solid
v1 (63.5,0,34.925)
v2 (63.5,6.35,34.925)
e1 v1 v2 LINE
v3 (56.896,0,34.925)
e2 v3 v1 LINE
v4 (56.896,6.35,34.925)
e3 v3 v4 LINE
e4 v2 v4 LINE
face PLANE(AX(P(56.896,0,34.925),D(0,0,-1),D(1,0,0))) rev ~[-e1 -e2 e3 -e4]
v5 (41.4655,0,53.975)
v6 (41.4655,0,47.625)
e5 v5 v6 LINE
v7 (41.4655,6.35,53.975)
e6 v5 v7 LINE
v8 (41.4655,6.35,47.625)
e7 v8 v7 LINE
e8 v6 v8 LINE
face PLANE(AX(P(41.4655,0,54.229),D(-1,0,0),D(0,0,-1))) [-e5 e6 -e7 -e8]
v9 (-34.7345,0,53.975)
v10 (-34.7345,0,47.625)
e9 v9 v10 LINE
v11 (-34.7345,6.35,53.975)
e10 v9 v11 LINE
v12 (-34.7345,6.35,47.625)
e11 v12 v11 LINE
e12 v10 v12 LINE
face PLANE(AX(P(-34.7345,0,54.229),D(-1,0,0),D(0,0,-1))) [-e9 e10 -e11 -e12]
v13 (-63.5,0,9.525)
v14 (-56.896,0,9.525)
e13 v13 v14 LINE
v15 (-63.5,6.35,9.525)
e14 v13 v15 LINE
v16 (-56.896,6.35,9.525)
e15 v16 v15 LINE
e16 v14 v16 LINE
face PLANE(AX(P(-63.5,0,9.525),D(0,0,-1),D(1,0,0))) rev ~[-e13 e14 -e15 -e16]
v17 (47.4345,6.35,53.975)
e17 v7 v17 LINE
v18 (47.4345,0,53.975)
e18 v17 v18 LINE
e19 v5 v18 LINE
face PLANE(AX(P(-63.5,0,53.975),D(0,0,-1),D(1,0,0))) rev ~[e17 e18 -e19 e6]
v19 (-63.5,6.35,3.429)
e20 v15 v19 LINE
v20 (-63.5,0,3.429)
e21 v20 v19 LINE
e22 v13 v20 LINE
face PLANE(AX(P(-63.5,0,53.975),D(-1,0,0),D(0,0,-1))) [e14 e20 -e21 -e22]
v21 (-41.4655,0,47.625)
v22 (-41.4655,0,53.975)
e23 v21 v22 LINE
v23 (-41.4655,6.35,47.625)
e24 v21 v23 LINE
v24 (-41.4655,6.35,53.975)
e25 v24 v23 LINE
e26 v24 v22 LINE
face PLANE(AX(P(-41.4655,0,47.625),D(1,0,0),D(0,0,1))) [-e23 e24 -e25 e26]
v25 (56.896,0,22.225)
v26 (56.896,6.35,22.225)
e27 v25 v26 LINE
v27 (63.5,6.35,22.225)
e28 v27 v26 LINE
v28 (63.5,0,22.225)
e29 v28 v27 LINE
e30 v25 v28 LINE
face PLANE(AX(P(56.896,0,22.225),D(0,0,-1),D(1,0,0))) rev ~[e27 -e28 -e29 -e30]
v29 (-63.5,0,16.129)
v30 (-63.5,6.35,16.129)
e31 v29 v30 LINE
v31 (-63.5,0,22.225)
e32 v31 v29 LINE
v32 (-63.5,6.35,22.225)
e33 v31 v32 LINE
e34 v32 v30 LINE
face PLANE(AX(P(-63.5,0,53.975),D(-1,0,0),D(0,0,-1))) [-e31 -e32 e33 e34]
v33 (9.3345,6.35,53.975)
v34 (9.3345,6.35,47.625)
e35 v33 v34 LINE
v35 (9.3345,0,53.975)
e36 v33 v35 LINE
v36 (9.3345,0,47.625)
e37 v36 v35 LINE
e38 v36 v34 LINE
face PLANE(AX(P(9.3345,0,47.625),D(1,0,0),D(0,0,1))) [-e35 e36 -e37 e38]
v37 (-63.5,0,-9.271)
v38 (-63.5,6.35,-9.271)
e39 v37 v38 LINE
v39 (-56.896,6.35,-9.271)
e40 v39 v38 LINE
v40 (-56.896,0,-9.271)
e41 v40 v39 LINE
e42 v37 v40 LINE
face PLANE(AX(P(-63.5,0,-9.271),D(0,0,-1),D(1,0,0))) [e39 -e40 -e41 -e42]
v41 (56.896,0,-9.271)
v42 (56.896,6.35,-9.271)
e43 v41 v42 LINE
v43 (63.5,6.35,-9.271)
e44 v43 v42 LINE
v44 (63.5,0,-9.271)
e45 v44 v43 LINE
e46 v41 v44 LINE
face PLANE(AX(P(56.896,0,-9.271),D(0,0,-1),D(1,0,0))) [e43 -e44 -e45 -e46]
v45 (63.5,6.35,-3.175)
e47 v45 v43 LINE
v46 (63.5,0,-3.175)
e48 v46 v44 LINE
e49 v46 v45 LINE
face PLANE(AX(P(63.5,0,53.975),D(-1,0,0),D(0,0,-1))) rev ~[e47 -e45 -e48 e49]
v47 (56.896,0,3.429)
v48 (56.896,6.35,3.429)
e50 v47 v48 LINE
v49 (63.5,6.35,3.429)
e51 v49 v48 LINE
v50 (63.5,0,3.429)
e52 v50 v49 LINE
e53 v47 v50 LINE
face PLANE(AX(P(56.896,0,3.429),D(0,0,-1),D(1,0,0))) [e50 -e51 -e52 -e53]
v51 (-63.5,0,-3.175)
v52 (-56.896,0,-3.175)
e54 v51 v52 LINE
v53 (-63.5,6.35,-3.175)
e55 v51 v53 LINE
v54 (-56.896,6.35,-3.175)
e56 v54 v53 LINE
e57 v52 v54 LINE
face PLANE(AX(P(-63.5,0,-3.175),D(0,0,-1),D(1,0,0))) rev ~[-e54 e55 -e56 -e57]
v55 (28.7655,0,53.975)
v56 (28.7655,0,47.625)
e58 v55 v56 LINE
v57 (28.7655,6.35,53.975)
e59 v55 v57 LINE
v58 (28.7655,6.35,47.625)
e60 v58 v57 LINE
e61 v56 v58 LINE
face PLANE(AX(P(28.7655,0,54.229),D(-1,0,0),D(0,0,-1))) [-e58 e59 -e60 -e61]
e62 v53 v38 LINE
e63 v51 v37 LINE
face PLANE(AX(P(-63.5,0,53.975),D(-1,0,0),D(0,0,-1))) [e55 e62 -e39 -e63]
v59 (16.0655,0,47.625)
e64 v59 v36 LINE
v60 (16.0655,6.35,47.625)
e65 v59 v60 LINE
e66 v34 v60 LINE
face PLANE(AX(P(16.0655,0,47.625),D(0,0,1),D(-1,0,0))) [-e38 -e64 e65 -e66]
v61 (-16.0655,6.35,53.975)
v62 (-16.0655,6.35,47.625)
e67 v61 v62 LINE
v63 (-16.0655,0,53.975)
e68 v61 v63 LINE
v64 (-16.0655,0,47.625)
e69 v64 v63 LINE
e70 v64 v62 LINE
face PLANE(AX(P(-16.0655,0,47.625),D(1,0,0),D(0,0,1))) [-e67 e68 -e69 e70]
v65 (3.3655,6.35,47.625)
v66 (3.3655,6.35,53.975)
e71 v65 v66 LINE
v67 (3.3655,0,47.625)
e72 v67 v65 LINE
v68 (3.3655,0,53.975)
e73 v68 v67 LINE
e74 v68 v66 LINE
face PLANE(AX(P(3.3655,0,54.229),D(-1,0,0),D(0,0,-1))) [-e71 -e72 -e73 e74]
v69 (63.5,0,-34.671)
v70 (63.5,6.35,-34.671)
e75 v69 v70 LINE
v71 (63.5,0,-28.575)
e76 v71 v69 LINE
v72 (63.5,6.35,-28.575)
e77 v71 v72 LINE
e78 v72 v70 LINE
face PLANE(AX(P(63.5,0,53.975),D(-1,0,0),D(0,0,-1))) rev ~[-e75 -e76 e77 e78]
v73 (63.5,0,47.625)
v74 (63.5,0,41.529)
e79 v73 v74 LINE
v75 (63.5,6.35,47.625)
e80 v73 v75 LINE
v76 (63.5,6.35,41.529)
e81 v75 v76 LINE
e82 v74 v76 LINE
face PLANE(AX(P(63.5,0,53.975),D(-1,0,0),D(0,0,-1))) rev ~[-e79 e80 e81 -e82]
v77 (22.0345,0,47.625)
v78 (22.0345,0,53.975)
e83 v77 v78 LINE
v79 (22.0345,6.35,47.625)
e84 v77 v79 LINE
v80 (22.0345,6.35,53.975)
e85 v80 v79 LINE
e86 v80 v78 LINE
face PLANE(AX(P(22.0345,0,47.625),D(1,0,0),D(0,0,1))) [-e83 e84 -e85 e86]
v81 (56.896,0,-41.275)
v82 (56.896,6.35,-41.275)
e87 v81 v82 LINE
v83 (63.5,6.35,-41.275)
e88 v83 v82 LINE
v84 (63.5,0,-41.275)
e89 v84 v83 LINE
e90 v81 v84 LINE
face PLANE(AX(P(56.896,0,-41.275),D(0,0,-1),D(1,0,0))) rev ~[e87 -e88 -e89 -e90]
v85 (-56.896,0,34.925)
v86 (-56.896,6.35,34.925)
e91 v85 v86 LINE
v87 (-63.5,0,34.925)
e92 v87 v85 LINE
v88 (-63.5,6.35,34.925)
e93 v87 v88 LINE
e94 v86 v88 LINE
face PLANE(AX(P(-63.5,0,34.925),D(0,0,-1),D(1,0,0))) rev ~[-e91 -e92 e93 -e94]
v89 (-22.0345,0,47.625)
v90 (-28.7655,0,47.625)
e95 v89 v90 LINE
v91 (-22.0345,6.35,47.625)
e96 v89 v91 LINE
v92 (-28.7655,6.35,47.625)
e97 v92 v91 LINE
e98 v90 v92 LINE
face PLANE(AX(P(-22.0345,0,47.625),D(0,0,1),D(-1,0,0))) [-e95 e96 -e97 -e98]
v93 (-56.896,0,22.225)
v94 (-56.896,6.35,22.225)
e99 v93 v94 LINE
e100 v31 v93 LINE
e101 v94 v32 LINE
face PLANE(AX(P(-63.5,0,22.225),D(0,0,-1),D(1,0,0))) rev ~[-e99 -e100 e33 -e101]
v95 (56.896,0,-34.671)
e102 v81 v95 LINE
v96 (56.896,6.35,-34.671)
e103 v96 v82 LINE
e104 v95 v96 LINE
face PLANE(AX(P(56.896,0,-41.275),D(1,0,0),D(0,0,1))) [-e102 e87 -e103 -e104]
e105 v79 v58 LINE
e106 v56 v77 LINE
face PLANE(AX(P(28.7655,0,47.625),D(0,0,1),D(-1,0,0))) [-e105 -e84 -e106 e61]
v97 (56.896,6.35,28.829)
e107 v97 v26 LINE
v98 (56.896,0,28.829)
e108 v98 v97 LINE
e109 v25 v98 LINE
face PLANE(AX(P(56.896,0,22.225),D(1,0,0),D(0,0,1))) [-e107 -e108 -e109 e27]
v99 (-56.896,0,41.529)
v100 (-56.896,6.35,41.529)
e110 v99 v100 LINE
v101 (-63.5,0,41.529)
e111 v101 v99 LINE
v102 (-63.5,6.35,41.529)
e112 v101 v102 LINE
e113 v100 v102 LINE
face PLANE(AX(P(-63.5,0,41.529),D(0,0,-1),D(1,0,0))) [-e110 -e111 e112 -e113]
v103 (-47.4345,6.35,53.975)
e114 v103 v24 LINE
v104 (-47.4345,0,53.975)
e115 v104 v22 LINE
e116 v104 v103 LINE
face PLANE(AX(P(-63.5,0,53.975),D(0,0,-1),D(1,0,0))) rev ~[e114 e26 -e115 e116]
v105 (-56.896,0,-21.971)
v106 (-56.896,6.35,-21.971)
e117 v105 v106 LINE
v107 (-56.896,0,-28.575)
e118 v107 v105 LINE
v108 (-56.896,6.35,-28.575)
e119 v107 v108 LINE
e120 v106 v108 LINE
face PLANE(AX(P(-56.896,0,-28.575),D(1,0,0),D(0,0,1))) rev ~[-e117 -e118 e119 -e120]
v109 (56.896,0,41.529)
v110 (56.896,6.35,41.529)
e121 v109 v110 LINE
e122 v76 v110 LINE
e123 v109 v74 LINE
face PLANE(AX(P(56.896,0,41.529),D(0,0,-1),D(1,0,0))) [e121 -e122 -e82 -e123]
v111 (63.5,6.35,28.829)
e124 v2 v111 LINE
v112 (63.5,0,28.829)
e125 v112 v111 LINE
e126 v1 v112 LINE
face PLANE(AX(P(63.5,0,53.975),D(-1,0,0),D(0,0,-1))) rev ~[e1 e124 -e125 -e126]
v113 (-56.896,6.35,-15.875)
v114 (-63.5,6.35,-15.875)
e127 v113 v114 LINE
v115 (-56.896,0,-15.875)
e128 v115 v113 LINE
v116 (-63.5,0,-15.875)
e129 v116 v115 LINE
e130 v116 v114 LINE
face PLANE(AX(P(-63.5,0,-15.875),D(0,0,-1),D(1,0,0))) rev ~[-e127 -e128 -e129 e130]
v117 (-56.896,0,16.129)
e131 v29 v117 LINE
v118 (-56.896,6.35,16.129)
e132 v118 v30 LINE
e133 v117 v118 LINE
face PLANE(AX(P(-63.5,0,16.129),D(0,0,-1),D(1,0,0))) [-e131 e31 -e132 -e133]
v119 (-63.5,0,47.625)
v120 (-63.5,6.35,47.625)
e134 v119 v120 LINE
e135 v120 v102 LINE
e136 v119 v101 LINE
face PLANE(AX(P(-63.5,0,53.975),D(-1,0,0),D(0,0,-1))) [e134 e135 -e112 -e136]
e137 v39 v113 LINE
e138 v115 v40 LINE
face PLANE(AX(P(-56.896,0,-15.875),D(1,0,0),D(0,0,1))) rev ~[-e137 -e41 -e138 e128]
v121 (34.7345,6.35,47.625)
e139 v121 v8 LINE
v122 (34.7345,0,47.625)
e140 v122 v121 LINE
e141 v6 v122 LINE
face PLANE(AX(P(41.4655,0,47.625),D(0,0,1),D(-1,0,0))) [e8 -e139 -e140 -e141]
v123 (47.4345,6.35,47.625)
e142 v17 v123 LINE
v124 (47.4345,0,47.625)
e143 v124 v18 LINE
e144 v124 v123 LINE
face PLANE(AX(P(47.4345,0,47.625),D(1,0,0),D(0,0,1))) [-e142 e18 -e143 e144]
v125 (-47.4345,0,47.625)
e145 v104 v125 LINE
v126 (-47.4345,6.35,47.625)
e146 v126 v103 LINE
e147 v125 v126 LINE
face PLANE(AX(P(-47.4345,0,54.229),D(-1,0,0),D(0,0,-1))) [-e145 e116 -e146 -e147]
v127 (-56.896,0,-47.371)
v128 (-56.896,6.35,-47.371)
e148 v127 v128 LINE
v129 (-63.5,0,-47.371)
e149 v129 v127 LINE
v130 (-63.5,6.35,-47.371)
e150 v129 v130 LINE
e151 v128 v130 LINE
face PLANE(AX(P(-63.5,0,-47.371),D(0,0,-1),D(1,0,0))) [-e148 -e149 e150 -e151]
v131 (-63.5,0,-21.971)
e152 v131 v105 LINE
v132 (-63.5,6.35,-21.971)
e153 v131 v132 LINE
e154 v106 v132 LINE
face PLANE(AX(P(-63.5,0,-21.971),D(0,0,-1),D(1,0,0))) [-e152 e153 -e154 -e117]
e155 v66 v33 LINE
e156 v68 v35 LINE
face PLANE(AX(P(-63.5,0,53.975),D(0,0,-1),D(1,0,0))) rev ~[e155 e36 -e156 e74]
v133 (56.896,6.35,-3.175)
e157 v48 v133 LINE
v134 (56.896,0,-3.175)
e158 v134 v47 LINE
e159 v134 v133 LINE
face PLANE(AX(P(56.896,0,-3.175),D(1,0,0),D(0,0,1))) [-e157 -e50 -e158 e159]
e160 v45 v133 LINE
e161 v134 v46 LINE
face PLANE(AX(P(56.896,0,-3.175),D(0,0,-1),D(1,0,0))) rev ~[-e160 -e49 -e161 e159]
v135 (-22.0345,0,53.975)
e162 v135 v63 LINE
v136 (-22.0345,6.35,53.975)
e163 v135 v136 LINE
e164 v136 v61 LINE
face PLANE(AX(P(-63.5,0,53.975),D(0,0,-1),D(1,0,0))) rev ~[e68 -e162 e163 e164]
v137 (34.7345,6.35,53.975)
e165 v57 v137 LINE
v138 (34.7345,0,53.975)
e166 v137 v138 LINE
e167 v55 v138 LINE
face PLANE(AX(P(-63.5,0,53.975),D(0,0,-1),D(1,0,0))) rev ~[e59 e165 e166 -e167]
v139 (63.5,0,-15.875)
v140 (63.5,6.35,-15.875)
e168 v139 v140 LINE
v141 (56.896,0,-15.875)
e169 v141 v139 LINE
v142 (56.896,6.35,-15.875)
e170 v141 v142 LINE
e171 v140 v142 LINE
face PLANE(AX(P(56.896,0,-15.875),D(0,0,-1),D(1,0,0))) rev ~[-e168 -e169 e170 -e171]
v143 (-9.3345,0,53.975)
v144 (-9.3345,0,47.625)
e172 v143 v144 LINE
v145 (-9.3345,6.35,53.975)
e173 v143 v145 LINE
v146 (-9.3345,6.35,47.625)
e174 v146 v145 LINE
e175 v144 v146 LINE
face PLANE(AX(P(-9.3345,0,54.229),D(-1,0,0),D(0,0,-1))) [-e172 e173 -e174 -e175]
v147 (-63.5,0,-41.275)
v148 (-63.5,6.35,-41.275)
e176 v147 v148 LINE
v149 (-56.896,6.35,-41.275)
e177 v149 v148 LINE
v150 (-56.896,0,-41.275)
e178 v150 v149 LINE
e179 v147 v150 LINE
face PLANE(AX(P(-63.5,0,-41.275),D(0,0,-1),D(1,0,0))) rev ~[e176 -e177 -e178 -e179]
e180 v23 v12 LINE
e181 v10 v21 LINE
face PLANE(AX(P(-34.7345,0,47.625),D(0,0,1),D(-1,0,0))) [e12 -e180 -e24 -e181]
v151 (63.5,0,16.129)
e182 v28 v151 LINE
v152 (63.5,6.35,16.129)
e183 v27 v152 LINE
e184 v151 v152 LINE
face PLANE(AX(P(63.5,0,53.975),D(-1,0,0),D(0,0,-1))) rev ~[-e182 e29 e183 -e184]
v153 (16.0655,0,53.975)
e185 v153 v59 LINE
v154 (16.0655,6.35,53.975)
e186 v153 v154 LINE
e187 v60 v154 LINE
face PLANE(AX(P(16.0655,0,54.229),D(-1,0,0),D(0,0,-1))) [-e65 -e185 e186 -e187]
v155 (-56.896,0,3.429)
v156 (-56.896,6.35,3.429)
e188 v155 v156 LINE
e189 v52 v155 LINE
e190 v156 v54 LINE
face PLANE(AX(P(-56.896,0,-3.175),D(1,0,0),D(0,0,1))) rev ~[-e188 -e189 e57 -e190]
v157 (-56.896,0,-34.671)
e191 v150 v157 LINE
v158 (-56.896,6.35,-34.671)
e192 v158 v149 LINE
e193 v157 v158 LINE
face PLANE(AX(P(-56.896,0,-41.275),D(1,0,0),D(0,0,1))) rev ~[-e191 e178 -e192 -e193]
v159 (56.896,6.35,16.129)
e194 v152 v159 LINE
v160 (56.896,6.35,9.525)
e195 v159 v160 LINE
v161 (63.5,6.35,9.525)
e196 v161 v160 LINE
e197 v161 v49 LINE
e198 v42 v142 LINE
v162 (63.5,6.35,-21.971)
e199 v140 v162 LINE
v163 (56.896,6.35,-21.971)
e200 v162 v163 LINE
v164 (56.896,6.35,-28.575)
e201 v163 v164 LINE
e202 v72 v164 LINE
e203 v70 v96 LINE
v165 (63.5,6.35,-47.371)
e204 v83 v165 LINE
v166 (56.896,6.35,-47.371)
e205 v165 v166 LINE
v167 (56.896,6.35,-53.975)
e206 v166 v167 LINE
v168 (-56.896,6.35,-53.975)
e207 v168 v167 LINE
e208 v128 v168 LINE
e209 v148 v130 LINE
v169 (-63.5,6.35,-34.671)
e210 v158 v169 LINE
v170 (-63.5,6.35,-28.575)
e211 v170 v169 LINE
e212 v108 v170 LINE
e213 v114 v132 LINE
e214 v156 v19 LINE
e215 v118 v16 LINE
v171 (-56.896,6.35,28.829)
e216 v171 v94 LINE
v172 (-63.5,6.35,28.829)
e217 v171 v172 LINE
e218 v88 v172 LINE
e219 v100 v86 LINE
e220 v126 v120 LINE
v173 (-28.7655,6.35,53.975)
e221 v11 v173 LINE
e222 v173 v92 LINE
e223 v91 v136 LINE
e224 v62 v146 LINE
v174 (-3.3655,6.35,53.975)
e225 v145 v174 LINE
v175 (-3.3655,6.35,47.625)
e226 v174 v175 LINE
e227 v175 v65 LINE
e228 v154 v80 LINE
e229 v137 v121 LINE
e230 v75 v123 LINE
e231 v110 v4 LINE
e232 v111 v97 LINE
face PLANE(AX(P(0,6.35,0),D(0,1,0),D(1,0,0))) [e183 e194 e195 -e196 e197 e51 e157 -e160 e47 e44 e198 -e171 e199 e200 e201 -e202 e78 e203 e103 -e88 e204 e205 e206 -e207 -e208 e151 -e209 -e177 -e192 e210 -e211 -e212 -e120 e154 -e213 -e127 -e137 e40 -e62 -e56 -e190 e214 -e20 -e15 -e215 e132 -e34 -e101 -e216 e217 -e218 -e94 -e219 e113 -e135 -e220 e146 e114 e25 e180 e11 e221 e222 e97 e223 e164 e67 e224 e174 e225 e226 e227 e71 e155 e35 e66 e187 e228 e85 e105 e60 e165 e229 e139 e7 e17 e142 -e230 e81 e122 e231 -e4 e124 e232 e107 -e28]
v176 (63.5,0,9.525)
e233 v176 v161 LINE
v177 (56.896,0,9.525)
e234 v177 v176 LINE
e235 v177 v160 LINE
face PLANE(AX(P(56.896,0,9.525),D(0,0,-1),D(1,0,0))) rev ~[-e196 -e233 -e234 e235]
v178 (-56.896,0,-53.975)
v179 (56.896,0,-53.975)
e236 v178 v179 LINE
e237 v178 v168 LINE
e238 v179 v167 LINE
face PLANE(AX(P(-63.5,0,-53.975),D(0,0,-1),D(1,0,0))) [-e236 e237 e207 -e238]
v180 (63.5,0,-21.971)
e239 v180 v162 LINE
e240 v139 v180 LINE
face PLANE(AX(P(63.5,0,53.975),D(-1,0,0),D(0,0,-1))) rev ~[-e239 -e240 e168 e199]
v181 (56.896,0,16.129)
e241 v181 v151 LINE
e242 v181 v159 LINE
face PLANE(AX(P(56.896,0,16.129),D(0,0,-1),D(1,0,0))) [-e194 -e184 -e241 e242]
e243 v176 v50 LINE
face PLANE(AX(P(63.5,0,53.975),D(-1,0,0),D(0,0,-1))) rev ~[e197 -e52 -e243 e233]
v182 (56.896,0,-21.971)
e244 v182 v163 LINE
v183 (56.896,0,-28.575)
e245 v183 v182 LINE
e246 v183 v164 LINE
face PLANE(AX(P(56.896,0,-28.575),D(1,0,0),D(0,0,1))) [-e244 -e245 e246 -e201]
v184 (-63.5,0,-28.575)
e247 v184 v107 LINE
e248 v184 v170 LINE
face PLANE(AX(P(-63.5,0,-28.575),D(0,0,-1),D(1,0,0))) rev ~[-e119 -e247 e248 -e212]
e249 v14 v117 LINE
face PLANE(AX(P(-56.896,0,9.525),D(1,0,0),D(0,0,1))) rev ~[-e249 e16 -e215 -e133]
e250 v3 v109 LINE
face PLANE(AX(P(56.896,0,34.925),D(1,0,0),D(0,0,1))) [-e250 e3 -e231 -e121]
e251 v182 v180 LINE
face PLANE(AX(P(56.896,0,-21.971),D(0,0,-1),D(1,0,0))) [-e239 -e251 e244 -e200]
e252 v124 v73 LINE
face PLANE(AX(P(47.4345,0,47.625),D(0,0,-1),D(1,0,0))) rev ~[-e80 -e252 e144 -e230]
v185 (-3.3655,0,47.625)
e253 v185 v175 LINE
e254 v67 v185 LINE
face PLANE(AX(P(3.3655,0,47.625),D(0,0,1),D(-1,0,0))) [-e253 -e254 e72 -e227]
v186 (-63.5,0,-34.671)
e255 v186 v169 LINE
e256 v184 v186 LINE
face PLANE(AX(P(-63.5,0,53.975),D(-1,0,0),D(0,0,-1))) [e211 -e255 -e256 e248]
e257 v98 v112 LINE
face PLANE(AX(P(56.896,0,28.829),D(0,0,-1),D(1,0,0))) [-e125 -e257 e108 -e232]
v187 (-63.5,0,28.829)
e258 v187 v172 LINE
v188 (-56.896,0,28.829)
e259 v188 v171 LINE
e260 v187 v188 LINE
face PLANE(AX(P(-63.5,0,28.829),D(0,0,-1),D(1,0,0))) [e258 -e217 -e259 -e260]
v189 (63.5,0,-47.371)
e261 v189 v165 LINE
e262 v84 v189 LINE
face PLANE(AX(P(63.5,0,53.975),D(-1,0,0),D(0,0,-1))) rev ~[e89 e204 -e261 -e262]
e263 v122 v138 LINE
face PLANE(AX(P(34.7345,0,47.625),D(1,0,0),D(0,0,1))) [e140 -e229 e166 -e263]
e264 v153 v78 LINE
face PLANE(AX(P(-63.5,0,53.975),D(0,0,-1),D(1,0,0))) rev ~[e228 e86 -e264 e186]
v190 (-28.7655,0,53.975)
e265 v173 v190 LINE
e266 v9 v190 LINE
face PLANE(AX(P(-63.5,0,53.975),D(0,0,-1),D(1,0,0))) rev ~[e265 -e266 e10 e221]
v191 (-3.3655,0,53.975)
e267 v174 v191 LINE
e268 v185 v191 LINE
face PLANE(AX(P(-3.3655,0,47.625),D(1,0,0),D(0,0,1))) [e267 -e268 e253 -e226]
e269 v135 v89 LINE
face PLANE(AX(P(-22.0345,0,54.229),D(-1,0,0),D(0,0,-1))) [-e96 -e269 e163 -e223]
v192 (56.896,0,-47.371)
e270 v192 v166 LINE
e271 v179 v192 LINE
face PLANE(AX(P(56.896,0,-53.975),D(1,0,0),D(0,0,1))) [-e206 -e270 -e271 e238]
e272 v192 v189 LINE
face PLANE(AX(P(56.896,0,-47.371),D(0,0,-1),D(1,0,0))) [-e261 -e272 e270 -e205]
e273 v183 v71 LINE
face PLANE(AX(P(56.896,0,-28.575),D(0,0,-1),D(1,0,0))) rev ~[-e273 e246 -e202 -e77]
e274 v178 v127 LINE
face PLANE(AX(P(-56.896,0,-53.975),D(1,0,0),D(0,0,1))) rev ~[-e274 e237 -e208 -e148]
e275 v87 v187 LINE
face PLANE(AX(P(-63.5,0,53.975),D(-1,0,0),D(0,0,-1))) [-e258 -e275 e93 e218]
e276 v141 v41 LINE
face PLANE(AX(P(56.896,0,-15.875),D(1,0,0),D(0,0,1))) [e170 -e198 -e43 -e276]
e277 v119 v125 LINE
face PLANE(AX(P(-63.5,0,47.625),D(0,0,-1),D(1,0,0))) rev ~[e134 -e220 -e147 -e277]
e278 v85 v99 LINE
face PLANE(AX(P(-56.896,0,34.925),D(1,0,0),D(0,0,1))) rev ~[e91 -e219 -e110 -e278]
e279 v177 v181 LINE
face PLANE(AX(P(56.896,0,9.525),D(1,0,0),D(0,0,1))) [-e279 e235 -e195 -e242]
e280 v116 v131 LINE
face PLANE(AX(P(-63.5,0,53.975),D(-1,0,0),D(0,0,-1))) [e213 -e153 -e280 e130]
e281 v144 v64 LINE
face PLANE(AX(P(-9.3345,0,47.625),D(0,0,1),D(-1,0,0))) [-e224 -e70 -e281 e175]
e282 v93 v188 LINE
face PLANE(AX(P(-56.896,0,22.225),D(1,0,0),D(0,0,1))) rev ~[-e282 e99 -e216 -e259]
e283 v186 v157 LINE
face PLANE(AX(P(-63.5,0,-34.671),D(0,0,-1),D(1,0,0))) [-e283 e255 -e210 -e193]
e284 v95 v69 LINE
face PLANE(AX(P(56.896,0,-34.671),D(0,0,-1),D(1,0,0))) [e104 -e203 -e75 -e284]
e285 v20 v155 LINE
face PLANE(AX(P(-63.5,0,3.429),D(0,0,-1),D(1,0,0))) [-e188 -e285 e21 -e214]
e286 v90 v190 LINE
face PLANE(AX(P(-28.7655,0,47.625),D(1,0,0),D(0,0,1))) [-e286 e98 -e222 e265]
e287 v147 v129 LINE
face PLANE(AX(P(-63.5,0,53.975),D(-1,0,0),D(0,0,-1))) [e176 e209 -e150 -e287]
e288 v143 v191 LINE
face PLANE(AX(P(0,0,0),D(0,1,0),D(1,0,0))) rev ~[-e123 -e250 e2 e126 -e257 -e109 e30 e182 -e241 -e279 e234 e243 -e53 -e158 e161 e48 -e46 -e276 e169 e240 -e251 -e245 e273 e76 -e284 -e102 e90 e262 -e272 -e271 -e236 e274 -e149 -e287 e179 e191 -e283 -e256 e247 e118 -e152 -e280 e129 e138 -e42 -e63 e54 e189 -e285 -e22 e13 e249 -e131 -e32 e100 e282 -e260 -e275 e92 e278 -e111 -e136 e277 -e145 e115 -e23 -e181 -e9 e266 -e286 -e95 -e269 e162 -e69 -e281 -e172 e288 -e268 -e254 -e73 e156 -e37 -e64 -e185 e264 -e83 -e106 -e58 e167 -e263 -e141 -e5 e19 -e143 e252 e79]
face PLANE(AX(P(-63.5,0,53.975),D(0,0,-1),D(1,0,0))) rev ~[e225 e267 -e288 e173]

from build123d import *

# Parameters (mm, degrees)
SKETCH1_W           = 127
SKETCH1_H           = 107.95
BOSS_EXTRUDE1_DEPTH = 6.35
SKETCH2_W           = 6.604
SKETCH2_H           = 6.604
CUT_EXTRUDE1_DEPTH  = 84.58153579


with BuildPart() as part:
    # Sketch1 → Boss-Extrude1 (new body)
    with BuildSketch(Plane(origin=(0, 0, 0), x_dir=(1, 0, 0), z_dir=(0, 1, 0))):
        Rectangle(SKETCH1_W, SKETCH1_H)
    extrude(amount=BOSS_EXTRUDE1_DEPTH)

    # Sketch2 → Cut-Extrude1 (cut, through all)
    with BuildSketch(Plane.XZ):
        Polygon((-34.7345, 47.625), (-41.4655, 47.625), (-41.4655, 54.229), (-47.4345, 54.229), (-47.4345, 47.625), (-56.896, 47.625), (-63.5, 47.625), (-63.5, 54.229), (-63.5, 63.03162391), (63.5, 63.03162391), (63.5, 54.229), (63.5, 47.625), (56.896, 47.625), (47.4345, 47.625), (47.4345, 54.229), (41.4655, 54.229), (41.4655, 47.625), (34.7345, 47.625), (34.7345, 54.229), (28.7655, 54.229), (28.7655, 47.625), (22.0345, 47.625), (22.0345, 54.229), (16.0655, 54.229), (16.0655, 47.625), (9.3345, 47.625), (9.3345, 54.229), (3.3655, 54.229), (3.3655, 47.625), (-3.3655, 47.625), (-3.3655, 54.229), (-9.3345, 54.229), (-9.3345, 47.625), (-16.0655, 47.625), (-16.0655, 54.229), (-22.0345, 54.229), (-22.0345, 47.625), (-28.7655, 47.625), (-28.7655, 54.229), (-34.7345, 54.229), align=None)
        with Locations((60.198, 38.227)):
            Rectangle(SKETCH2_W, SKETCH2_H)
        with Locations((60.198, 25.527)):
            Rectangle(SKETCH2_W, SKETCH2_H)
        with Locations((60.198, 12.827)):
            Rectangle(SKETCH2_W, SKETCH2_H)
        with Locations((60.198, 0.127)):
            Rectangle(SKETCH2_W, SKETCH2_H)
        with Locations((60.198, -12.573)):
            Rectangle(SKETCH2_W, SKETCH2_H)
        with Locations((60.198, -25.273)):
            Rectangle(SKETCH2_W, SKETCH2_H)
        with Locations((60.198, -37.973)):
            Rectangle(SKETCH2_W, SKETCH2_H)
        with Locations((-60.198, -37.973)):
            Rectangle(SKETCH2_W, SKETCH2_H)
        with Locations((-60.198, -25.273)):
            Rectangle(SKETCH2_W, SKETCH2_H)
        with Locations((-60.198, -12.573)):
            Rectangle(SKETCH2_W, SKETCH2_H)
        with Locations((-60.198, 0.127)):
            Rectangle(SKETCH2_W, SKETCH2_H)
        with Locations((-60.198, 12.827)):
            Rectangle(SKETCH2_W, SKETCH2_H)
        with Locations((-60.198, 25.527)):
            Rectangle(SKETCH2_W, SKETCH2_H)
        with Locations((-60.198, 38.227)):
            Rectangle(SKETCH2_W, SKETCH2_H)
        with Locations((60.198, -50.673)):
            Rectangle(SKETCH2_W, SKETCH2_H)
        with Locations((-60.198, -50.673)):
            Rectangle(SKETCH2_W, SKETCH2_H)
    extrude(amount=-CUT_EXTRUDE1_DEPTH, mode=Mode.SUBTRACT)


solid = part.part
